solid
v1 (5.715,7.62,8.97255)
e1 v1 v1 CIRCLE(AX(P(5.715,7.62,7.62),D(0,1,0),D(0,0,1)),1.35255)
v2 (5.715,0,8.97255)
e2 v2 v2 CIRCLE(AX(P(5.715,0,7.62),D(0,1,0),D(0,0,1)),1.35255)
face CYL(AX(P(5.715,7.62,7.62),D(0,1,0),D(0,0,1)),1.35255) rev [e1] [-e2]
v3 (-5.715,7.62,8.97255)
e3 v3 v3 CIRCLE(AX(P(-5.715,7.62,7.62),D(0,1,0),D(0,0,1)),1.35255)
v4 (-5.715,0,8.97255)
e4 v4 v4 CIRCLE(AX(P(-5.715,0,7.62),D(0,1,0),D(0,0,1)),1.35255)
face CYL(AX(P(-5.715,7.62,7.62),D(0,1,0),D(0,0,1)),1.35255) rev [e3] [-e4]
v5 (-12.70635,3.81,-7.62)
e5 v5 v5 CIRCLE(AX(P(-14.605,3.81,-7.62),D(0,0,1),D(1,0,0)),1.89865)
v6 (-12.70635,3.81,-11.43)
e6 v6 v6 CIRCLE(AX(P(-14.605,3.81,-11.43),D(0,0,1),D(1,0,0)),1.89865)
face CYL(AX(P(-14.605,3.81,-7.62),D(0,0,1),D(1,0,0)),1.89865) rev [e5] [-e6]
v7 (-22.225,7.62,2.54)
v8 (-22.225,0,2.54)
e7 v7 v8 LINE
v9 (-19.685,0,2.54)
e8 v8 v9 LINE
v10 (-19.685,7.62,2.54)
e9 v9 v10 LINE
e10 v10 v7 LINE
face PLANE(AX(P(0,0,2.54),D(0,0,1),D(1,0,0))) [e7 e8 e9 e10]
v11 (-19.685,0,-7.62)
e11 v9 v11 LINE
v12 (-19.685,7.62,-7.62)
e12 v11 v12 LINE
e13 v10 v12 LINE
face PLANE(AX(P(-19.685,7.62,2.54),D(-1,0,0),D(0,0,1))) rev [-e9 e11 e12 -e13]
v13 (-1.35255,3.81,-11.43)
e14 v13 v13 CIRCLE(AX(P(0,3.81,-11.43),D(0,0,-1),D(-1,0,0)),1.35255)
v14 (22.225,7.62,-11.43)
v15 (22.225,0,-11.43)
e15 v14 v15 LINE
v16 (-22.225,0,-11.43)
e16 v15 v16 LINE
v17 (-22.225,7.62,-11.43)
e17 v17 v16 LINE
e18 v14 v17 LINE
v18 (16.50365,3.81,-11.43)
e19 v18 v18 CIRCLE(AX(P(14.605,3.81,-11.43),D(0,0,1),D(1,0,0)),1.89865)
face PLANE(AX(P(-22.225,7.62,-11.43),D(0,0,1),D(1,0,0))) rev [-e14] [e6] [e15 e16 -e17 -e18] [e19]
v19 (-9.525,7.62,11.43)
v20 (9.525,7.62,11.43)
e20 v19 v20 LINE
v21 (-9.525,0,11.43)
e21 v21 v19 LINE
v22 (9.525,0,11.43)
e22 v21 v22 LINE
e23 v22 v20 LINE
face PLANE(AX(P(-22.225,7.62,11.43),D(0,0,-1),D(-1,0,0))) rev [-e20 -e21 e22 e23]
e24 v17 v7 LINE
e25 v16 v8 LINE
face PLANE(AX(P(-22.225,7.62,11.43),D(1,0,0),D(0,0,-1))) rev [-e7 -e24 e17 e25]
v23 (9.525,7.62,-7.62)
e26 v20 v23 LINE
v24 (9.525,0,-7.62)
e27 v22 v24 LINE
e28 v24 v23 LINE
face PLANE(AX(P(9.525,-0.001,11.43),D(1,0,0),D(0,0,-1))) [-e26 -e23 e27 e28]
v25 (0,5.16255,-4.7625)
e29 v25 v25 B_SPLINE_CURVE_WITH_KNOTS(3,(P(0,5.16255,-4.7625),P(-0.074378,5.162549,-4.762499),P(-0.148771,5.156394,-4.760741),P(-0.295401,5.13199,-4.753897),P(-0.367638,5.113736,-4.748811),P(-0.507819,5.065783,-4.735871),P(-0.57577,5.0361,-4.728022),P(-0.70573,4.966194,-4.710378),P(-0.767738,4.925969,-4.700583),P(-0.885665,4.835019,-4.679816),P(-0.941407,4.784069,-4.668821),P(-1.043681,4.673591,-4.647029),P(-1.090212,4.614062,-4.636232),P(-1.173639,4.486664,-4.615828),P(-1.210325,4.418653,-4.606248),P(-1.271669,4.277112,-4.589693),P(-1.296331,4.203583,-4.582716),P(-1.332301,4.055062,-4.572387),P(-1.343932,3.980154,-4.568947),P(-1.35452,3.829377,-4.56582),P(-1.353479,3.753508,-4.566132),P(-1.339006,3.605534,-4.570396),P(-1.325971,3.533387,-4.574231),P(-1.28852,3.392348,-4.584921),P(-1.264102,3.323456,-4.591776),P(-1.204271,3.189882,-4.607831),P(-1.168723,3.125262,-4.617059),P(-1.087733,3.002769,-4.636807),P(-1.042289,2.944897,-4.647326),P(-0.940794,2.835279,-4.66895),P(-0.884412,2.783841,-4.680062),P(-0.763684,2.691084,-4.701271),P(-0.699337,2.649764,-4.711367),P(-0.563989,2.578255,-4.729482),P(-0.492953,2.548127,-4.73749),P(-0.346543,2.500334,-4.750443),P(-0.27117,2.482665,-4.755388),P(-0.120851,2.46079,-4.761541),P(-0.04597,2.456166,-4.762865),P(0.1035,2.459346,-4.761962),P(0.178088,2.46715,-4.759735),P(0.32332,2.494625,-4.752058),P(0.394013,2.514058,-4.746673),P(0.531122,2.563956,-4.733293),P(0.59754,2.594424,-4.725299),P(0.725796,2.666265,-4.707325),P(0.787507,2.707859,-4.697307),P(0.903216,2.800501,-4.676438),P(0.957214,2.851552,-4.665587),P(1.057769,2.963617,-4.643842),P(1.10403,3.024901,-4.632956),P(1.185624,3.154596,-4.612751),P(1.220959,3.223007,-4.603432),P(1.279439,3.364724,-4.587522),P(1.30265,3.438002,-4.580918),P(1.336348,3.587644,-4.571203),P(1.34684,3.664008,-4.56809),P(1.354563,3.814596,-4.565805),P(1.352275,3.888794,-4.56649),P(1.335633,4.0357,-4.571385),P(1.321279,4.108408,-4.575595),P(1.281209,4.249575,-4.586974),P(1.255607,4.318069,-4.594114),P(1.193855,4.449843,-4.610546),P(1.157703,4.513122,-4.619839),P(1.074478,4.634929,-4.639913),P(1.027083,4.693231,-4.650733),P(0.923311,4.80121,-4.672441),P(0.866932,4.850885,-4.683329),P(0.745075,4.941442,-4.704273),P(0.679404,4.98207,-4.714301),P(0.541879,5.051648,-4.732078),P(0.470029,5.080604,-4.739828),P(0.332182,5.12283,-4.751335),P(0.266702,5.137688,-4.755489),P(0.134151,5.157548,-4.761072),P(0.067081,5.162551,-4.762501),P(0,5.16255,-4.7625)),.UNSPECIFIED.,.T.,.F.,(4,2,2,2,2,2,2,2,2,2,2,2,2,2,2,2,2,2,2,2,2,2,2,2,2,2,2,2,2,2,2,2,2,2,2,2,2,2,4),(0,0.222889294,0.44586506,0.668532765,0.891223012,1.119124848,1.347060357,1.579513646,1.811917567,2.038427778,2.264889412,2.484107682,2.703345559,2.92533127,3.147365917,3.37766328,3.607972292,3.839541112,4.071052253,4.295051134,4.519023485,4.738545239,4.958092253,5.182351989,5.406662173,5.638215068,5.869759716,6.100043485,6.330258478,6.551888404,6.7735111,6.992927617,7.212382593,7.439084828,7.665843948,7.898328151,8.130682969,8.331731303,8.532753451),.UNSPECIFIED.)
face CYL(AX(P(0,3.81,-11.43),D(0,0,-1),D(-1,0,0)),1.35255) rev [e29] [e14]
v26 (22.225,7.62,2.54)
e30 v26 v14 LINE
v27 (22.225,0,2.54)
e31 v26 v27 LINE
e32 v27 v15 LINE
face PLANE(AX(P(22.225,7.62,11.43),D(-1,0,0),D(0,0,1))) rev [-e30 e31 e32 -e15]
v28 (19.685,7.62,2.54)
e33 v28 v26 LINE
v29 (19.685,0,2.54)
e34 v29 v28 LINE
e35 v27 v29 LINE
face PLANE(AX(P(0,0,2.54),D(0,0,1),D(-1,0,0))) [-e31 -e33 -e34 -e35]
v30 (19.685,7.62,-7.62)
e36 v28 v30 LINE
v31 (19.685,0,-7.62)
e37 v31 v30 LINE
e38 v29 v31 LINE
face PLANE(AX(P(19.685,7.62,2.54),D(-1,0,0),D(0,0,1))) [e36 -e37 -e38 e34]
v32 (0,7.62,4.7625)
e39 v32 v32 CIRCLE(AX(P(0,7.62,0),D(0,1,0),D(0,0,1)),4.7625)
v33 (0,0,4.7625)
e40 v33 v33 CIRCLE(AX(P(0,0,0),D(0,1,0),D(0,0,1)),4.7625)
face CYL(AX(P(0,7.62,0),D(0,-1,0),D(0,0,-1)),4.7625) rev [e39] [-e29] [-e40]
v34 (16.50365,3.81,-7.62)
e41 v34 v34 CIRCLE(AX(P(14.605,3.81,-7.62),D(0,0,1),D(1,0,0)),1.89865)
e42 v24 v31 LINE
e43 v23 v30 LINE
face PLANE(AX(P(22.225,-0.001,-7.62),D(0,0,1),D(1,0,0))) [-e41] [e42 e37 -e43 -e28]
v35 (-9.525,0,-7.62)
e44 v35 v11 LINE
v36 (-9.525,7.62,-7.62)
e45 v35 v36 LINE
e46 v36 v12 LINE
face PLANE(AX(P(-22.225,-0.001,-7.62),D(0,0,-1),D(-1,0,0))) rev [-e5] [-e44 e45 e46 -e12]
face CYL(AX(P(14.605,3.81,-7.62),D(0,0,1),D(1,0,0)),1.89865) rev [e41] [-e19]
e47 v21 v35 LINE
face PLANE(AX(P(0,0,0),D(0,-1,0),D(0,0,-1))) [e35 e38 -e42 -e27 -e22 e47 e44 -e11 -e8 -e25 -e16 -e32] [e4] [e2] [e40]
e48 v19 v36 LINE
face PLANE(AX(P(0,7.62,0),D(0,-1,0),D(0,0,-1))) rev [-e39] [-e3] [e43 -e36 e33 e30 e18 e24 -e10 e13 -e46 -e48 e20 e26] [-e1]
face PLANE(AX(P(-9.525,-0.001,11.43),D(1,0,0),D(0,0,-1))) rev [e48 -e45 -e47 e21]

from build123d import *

# Parameters (mm, degrees)
SKETCH1_W                  = 44.45
SKETCH1_H                  = 22.86
SKETCH1_R                  = 4.7625
BOSS_EXTRUDE1_DEPTH        = 7.62
F_6_32_TAPPED_HOLE1_REACH  = 34.781
F_6_32_TAPPED_HOLE1_BORE_R = 1.35255
CUT_EXTRUDE2_REACH         = 28.128
SKETCH19_W                 = 12.7
SKETCH19_H                 = 19.05
F_6_CLEARANCE_HOLE1_D      = 3.7973
SKETCH24_W                 = 2.54
SKETCH24_H                 = 7.62
BOSS_EXTRUDE2_DEPTH        = 10.16
F_6_32_TAPPED_HOLE5_D      = 2.7051


with BuildPart() as part:
    # Sketch1 → Boss-Extrude1 (new body)
    with BuildSketch(Plane(origin=(0, 0, 0), x_dir=(1, 0, 0), z_dir=(0, 1, 0))):
        Rectangle(SKETCH1_W, SKETCH1_H)
        with Locations(Location((0, 0, 0), (0, 0, 90))):
            Circle(SKETCH1_R, mode=Mode.SUBTRACT)
    extrude(amount=BOSS_EXTRUDE1_DEPTH)

    # #6-32 Tapped Hole1 bore → #6-32 Tapped Hole1 (cut, up to next)
    with BuildSketch(Plane(origin=(0, 0, -11.43), x_dir=(-1, 0, 0), z_dir=(0, 0, -1)), mode=Mode.PRIVATE) as f_6_32_tapped_hole1_sk1:
        with Locations((0, 3.81)):
            Circle(F_6_32_TAPPED_HOLE1_BORE_R)
    f_6_32_tapped_hole1_tool1 = extrude(f_6_32_tapped_hole1_sk1.sketch, amount=-F_6_32_TAPPED_HOLE1_REACH, mode=Mode.PRIVATE) & part.part
    add(f_6_32_tapped_hole1_tool1.solids().sort_by_distance((0, 3.81, -11.43))[0], mode=Mode.SUBTRACT)

    # Sketch19 → Cut-Extrude2 (cut, up to next)
    with BuildSketch(Plane(origin=(0, 7.62, 0), x_dir=(1, 0, 0), z_dir=(0, 1, 0)), mode=Mode.PRIVATE) as cut_extrude2_sk1:
        with Locations((-15.875, -1.905)):
            Rectangle(SKETCH19_W, SKETCH19_H)
    cut_extrude2_tool1 = extrude(cut_extrude2_sk1.sketch, amount=-CUT_EXTRUDE2_REACH, mode=Mode.PRIVATE) & part.part
    cut_extrude2 = cut_extrude2_tool1.solids().sort_by_distance((-15.875, 7.62, 1.905))[0]
    add(cut_extrude2, mode=Mode.SUBTRACT)

    # #6 Clearance Hole1 (through all)
    with Locations(Plane.XY.offset(-7.62)):
        with Locations((-14.605, 3.81)):
            f_6_clearance_hole1 = Hole(F_6_CLEARANCE_HOLE1_D / 2)

    # Mirror4: Cut-Extrude2, #6 Clearance Hole1 across plane
    add(cut_extrude2.mirror(Plane(origin=(0, 0, 0), x_dir=(0, 0, 1), z_dir=(1, 0, 0))), mode=Mode.SUBTRACT)
    add(f_6_clearance_hole1.mirror(Plane(origin=(0, 0, 0), x_dir=(0, 0, 1), z_dir=(1, 0, 0))), mode=Mode.SUBTRACT)

    # Sketch24 → Boss-Extrude2 (add)
    with BuildSketch(Plane.XY.offset(-7.62)):
        with Locations((-20.955, 3.81)):
            Rectangle(SKETCH24_W, SKETCH24_H)
    boss_extrude2 = extrude(amount=BOSS_EXTRUDE2_DEPTH)

    # Mirror5: Boss-Extrude2 across plane
    add(boss_extrude2.mirror(Plane(origin=(0, 0, 0), x_dir=(0, 0, 1), z_dir=(1, 0, 0))))

    # #6-32 Tapped Hole5 (through all)
    with Locations(Plane(origin=(0, 7.62, 0), x_dir=(1, 0, 0), z_dir=(0, 1, 0))):
        with Locations((-5.715, -7.62), (5.715, -7.62)):
            Hole(F_6_32_TAPPED_HOLE5_D / 2)


solid = part.part
